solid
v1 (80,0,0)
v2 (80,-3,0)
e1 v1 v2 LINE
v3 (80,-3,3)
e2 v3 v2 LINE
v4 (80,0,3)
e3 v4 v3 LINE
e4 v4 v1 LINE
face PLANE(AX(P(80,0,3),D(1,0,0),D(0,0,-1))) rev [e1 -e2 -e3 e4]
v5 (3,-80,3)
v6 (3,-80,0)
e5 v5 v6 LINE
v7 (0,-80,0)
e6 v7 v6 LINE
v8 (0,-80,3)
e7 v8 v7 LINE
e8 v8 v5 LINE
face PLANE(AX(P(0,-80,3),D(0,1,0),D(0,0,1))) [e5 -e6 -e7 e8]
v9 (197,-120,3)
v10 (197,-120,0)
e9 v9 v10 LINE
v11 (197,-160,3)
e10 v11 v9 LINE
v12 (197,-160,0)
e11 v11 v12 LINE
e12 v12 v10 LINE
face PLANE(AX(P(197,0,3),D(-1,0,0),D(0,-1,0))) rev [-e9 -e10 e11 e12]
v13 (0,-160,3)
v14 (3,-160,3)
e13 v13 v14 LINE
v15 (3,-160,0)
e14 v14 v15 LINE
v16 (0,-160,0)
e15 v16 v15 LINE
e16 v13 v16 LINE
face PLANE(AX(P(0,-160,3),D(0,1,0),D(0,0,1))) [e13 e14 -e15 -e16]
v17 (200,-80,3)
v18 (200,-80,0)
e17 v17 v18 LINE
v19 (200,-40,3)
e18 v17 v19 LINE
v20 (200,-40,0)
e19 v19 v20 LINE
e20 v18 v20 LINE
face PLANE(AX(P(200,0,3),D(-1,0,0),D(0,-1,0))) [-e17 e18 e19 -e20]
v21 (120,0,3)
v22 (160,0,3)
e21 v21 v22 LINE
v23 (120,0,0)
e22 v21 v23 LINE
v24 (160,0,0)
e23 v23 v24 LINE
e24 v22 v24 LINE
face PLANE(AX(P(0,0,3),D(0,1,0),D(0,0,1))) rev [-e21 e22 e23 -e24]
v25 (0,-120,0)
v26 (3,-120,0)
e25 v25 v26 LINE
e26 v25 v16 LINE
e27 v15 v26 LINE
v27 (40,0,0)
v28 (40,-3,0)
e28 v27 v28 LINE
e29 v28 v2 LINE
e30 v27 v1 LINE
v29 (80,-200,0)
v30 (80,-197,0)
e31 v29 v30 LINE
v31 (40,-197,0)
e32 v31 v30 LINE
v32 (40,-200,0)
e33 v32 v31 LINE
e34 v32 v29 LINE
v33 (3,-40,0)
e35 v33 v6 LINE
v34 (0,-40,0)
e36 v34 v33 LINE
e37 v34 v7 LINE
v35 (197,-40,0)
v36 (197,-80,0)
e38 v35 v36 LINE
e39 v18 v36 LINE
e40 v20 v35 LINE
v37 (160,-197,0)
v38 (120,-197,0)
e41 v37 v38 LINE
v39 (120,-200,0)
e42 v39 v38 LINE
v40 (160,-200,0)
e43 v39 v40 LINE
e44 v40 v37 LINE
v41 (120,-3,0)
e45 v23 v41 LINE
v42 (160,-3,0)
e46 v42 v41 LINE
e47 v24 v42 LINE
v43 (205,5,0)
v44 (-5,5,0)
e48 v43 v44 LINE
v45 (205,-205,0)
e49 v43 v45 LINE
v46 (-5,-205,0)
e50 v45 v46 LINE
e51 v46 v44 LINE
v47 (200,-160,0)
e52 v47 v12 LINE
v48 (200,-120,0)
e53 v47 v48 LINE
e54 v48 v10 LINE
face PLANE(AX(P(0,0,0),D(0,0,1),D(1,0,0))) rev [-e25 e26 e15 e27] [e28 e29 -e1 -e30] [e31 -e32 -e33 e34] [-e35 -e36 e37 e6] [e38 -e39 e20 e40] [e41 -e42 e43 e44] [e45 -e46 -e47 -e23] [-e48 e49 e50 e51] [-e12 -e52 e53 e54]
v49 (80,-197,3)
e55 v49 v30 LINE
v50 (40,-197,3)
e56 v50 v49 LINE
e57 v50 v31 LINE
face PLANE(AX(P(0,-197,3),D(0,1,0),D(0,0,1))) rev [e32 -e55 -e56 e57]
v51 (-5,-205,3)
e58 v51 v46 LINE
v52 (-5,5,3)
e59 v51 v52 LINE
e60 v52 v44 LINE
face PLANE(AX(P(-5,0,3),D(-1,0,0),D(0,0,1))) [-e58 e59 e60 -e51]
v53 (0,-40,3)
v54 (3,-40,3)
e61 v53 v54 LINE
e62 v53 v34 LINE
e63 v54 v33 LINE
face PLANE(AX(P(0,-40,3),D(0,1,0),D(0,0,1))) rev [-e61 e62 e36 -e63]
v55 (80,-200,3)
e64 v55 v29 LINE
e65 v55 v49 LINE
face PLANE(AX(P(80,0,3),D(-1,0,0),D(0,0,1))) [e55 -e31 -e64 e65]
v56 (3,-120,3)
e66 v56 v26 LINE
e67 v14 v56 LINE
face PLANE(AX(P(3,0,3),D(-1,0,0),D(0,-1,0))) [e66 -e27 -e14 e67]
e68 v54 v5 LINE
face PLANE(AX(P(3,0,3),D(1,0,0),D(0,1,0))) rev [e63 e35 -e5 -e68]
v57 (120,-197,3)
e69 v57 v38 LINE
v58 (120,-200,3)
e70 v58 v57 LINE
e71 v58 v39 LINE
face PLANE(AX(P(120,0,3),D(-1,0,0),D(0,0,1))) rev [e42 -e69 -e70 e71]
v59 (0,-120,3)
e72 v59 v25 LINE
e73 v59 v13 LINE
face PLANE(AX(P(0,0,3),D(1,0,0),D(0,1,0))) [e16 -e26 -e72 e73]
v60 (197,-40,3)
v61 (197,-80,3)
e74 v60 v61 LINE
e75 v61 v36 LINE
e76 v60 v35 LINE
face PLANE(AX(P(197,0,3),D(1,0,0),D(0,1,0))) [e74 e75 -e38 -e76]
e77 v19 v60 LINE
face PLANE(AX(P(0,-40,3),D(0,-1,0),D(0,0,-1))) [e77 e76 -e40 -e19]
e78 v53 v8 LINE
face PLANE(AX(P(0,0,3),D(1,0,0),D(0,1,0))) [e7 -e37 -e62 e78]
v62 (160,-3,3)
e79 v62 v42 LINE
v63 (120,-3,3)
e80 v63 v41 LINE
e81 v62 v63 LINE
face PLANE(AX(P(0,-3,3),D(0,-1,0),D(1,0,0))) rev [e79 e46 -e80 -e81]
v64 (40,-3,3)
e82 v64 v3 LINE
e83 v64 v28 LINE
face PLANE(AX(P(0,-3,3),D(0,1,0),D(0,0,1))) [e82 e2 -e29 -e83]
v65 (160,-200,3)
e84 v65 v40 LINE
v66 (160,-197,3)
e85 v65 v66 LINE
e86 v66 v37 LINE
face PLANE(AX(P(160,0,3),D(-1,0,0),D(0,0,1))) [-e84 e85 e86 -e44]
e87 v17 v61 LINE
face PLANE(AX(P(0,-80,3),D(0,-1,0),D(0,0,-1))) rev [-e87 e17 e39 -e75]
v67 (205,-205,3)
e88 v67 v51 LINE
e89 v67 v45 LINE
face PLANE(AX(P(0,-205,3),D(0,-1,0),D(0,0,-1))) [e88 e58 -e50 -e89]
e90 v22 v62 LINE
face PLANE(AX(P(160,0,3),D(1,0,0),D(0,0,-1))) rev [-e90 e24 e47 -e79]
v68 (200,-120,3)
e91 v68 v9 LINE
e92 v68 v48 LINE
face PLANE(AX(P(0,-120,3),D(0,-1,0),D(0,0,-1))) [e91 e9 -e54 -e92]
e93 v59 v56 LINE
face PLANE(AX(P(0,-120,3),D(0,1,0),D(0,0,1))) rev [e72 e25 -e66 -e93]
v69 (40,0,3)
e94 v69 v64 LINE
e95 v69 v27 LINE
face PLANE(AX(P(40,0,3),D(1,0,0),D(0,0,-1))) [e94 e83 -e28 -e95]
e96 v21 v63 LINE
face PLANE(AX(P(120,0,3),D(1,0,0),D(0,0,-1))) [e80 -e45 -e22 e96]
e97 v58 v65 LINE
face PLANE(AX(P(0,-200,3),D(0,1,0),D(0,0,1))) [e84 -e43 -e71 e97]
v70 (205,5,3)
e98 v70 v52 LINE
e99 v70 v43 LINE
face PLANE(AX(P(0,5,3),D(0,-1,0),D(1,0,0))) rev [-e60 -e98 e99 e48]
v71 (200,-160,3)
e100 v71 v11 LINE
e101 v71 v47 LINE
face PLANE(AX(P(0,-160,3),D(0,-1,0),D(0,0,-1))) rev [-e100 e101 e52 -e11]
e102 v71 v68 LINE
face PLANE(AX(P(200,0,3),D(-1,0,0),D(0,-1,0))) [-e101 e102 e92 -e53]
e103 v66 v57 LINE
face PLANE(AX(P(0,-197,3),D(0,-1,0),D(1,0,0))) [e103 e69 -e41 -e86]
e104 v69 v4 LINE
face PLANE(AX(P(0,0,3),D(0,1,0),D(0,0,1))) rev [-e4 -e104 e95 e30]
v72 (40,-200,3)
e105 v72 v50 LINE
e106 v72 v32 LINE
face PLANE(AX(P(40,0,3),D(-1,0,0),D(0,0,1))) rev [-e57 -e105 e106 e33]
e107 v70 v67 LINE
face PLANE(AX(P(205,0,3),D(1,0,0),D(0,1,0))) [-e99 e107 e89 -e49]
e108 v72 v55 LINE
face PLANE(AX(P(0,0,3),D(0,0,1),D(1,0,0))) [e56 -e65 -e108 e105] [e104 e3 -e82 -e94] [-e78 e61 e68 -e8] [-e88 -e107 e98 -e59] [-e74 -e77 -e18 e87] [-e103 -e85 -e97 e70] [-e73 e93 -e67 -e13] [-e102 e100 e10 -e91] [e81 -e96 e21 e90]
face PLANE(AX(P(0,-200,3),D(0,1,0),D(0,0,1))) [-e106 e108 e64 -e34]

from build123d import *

# Parameters (mm, degrees)
SKETCH_1_W      = 200
SKETCH_1_H      = 5
EXTRUDE_1_DEPTH = 3


with BuildPart() as part:
    # 草图1 → 凸台-拉伸1 (new body)
    with BuildSketch(Plane.XY):
        Polygon((0, -80), (0, -100), (100, -100), (100, 0), (80, 0), (80, -3), (40, -3), (40, 0), (0, 0), (0, -40), (3, -40), (3, -80), align=None)
        Polygon((100, -100), (0, -100), (0, -120), (3, -120), (3, -160), (0, -160), (0, -200), (40, -200), (40, -197), (80, -197), (80, -200), (100, -200), align=None)
        Polygon((100, 0), (100, -100), (200, -100), (200, -80), (197, -80), (197, -40), (200, -40), (200, 0), (160, 0), (160, -3), (120, -3), (120, 0), align=None)
        Polygon((200, -100), (100, -100), (100, -200), (120, -200), (120, -197), (160, -197), (160, -200), (200, -200), (200, -160), (197, -160), (197, -120), (200, -120), align=None)
        Polygon((-5, -205), (-5, 5), (0, 5), (0, 0), (0, -200), (0, -205), align=None)
        with Locations((100, 2.5)):
            Rectangle(SKETCH_1_W, SKETCH_1_H)
        Polygon((205, 5), (205, -200), (200, -200), (200, 0), (200, 5), align=None)
        Polygon((0, -200), (200, -200), (205, -200), (205, -205), (0, -205), align=None)
    extrude(amount=EXTRUDE_1_DEPTH)


solid = part.part
